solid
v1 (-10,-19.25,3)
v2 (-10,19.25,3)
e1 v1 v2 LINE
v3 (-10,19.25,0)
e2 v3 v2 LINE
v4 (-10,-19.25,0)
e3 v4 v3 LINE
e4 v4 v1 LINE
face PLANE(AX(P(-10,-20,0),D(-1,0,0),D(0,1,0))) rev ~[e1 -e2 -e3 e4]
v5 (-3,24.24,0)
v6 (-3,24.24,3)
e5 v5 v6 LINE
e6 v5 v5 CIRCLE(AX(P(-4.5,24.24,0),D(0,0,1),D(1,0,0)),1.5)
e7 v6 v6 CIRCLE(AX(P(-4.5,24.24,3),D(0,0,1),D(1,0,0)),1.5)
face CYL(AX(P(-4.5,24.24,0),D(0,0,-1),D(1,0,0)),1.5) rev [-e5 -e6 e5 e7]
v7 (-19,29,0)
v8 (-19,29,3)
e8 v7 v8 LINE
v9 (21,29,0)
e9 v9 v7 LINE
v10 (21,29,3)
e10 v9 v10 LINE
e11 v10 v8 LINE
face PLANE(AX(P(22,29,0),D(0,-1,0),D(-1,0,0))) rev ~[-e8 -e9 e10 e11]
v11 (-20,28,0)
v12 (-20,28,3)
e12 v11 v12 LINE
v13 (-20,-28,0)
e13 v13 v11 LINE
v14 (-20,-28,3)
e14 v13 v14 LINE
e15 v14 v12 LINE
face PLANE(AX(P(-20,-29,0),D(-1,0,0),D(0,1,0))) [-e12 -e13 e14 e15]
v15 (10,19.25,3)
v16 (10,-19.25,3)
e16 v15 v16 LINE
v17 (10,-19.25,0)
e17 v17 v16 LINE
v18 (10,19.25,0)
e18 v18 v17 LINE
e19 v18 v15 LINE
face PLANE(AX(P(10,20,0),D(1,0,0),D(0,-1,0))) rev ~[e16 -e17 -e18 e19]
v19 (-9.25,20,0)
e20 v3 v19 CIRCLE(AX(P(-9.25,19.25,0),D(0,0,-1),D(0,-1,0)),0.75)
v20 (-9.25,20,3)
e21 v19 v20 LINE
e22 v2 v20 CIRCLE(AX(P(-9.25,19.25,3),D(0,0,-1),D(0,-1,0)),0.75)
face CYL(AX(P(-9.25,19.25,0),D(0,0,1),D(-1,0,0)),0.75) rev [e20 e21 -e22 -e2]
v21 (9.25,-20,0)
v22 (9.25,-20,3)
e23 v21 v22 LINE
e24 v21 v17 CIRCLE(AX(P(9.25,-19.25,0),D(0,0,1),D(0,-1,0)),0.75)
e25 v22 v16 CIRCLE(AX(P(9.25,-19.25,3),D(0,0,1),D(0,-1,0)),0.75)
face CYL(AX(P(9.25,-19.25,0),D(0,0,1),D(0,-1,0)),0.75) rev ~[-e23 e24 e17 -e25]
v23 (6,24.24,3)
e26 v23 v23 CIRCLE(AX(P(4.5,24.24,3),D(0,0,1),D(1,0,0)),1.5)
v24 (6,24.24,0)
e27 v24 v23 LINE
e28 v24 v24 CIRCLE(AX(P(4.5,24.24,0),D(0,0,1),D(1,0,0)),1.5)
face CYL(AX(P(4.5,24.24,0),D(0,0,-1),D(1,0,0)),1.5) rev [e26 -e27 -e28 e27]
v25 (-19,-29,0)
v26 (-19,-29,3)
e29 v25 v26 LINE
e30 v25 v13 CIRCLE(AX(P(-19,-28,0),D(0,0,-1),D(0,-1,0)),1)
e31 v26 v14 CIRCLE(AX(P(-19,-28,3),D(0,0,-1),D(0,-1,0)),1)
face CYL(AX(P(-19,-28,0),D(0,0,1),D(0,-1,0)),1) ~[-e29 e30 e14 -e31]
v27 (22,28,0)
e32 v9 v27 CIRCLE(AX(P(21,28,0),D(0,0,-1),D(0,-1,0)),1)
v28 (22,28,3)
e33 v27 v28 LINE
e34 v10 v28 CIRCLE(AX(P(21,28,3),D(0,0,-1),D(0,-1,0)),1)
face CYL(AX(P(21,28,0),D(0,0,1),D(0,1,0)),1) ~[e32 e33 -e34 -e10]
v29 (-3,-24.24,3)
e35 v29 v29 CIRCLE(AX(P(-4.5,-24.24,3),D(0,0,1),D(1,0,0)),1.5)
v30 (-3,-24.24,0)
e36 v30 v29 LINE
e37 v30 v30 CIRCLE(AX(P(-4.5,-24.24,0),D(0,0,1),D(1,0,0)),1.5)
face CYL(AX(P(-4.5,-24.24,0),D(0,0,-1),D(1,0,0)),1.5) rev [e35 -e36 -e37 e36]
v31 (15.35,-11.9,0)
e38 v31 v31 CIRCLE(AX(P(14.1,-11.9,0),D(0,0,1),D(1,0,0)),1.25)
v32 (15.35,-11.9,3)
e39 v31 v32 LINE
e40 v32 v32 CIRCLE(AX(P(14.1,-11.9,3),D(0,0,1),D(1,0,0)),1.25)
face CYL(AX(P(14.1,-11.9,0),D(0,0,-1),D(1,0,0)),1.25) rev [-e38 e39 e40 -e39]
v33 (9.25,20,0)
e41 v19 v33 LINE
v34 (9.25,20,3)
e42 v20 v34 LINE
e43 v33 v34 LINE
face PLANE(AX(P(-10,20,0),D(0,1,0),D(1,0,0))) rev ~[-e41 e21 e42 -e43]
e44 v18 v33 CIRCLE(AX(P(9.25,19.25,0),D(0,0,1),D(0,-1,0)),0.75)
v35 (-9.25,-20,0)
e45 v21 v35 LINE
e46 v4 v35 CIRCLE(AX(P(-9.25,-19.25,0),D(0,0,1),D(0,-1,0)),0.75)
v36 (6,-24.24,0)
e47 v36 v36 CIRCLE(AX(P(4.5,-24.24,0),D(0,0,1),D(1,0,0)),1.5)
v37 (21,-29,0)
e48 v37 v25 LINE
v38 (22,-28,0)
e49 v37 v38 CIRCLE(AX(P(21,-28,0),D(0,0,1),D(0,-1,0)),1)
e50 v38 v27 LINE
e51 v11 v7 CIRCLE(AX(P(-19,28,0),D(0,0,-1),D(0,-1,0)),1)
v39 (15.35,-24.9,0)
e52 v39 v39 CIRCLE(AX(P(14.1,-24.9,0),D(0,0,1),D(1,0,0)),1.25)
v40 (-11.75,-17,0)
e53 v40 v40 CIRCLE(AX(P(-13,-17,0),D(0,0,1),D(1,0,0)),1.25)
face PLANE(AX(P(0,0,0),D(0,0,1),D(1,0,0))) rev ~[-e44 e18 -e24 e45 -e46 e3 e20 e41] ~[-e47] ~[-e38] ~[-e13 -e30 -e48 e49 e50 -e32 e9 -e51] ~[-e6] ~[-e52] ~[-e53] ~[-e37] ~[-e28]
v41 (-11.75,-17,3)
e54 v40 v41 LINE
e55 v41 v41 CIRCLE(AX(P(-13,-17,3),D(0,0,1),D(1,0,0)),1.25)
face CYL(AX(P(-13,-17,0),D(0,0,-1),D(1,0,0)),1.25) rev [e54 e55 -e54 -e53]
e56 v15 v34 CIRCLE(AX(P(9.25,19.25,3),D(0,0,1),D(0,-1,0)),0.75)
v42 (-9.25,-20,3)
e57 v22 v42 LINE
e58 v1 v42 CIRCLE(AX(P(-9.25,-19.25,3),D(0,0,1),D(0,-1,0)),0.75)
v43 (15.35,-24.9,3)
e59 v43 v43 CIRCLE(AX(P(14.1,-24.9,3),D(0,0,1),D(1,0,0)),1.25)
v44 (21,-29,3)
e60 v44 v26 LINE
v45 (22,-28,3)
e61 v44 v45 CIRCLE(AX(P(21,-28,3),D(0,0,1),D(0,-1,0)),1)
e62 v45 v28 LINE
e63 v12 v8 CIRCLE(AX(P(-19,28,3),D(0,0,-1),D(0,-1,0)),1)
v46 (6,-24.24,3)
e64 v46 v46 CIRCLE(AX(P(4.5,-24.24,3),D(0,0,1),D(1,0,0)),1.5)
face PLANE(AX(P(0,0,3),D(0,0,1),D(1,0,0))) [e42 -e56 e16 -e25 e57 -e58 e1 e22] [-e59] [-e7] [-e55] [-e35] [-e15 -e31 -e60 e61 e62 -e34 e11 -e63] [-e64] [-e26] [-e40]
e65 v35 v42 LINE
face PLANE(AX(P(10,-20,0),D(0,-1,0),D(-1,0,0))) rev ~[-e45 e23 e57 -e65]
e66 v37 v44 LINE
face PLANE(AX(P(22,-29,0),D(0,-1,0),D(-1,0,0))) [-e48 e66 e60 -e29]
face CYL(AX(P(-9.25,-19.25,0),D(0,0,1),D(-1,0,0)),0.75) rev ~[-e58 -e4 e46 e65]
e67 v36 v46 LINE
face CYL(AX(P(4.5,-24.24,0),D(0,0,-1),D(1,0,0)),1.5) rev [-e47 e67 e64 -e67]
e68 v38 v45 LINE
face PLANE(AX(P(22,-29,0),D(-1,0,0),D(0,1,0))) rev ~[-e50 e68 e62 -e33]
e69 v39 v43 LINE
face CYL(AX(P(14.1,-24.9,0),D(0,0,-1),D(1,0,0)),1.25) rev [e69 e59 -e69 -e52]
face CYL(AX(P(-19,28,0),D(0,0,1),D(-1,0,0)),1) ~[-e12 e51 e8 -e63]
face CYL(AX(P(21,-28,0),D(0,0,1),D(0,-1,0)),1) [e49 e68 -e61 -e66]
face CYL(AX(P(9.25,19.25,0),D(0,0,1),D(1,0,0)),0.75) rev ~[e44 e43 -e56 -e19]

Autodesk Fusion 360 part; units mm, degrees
sketch "Sketch1" plane through (0, 0, 0) normal (0, 0, 1) x (1, 0, 0)
  line L0 (-10, 20) -> (10, 20)
  circle A0 centre (-4.5, 24.24) radius 1.5
  line L1 (0, 24.24) -> (0, 20) construction
  circle A1 centre (4.5, 24.24) radius 1.5
  line L2 (4.5, 24.24) -> (-4.5, 24.24) construction
  line L3 (0, 0) -> (10.6295, 0) construction
  line L4 (0, 0) -> (0, 5.1011) construction
  line L5 (10, -20) -> (-10, -20)
  line L6 (10, 20) -> (10, -20)
  line L7 (-10, -20) -> (10, 20) construction
  line L8 (22, -29) -> (22, 29)
  line L9 (-10, -20) -> (-10, 20)
  line L10 (10, -20) -> (-10, 20) construction
  line L11 (-20, -29) -> (-20, 29)
  line L12 (22, 29) -> (-20, 29)
  line L13 (22, -29) -> (-20, -29)
  circle A2 centre (-4.5, -24.24) radius 1.5
  circle A3 centre (4.5, -24.24) radius 1.5
  circle A4 centre (-13, -17) radius 1.25
  circle A5 centre (-13, -17) radius 2.5 construction
  line L14 (-10, -20) -> (-13, -20) construction
  line L15 (-13, -20) -> (-13, -17) construction
  line L16 (-10.5, -17) -> (-10, -17) construction
  line L17 (-15.5, -17) -> (-20, -17) construction
  line L18 (-10.5, -17) -> (-13, -17) construction
  circle A6 centre (14.1, -24.9) radius 1.25
  line L19 (14.1, -24.9) -> (14.1, -11.9) construction
  circle A7 centre (14.1, -11.9) radius 1.25
  circle A8 centre (14.1, -11.9) radius 4.1 construction
  circle A9 centre (14.1, -24.9) radius 4.1 construction
  dimension "d3" = 20
  dimension "d4" = 40
  dimension "d6" = 9
  dimension "d8" = 4.24
  dimension "d9" = 3
  dimension "d10" = 3
  dimension "d18" = 9
  dimension "d19" = 10
  dimension "d20" = 12
  dimension "d21" = 2.5
  dimension "d22" = 5
  dimension "d23" = 3
  dimension "d26" = 3
  dimension "d29" = 0.5
  dimension "d31" = 4.5
  dimension "d32" = 2.5
  dimension "d33" = 2.5
  dimension "d34" = 13
  dimension "d35" = 8.2
  dimension "d36" = 8.2
extrude "Extrude1" add sketch "Sketch1" along normal blind 3
fillet "Fillet1" radius 0.75 4 edges at (-10, -20, 1.5) (10, -20, 1.5) (10, 20, 1.5) (-10, 20, 1.5)
fillet "Fillet2" radius 1 4 edges at (-20, -29, 1.5) (22, -29, 1.5) (-20, 29, 1.5) (22, 29, 1.5)
sketch "Laser" plane through (0, 0, 3) normal (0, 0, 1) x (-1, 0, 0)
  arc A0 (-22, -28) -> (-21, -29) centre (-21, -28) ccw
  line L0 (-21, -29) -> (19, -29)
  arc A1 (19, -29) -> (20, -28) centre (19, -28) ccw
  line L1 (20, -28) -> (20, 28)
  arc A2 (20, 28) -> (19, 29) centre (19, 28) ccw
  line L2 (19, 29) -> (-21, 29)
  arc A3 (-21, 29) -> (-22, 28) centre (-21, 28) ccw
  line L3 (-22, 28) -> (-22, -28)
  circle A4 centre (-14.1, 11.9) radius 1.25
  circle A5 centre (4.5, -24.24) radius 1.5
  circle A6 centre (4.5, 24.24) radius 1.5
  circle A7 centre (13, 17) radius 1.25
  circle A8 centre (-4.5, 24.24) radius 1.5
  circle A9 centre (-14.1, 24.9) radius 1.25
  line L4 (-9.25, 20) -> (9.25, 20)
  arc A10 (10, 19.25) -> (9.25, 20) centre (9.25, 19.25) ccw
  line L5 (10, 19.25) -> (10, -19.25)
  arc A11 (9.25, -20) -> (10, -19.25) centre (9.25, -19.25) ccw
  line L6 (9.25, -20) -> (-9.25, -20)
  arc A12 (-10, -19.25) -> (-9.25, -20) centre (-9.25, -19.25) ccw
  line L7 (-10, -19.25) -> (-10, 19.25)
  arc A13 (-9.25, 20) -> (-10, 19.25) centre (-9.25, 19.25) ccw
  circle A14 centre (-4.5, -24.24) radius 1.5
  line L8 (-14.1, 11.9) -> (-14.1, 24.9) construction
  line L9 (-16, 22) -> (-12.2, 22)
  line L10 (-12.2, 22) -> (-12.2, 14.8)
  line L11 (-12.2, 14.8) -> (-16, 14.8)
  line L12 (-16, 14.8) -> (-16, 22)
  line L13 (-16, 22) -> (-12.2, 14.8) construction
  line L14 (-12.2, 22) -> (-16, 14.8) construction
  point P0 (-14.1, 18.4)
equation "d20 = 8 mm + 4 mm"
